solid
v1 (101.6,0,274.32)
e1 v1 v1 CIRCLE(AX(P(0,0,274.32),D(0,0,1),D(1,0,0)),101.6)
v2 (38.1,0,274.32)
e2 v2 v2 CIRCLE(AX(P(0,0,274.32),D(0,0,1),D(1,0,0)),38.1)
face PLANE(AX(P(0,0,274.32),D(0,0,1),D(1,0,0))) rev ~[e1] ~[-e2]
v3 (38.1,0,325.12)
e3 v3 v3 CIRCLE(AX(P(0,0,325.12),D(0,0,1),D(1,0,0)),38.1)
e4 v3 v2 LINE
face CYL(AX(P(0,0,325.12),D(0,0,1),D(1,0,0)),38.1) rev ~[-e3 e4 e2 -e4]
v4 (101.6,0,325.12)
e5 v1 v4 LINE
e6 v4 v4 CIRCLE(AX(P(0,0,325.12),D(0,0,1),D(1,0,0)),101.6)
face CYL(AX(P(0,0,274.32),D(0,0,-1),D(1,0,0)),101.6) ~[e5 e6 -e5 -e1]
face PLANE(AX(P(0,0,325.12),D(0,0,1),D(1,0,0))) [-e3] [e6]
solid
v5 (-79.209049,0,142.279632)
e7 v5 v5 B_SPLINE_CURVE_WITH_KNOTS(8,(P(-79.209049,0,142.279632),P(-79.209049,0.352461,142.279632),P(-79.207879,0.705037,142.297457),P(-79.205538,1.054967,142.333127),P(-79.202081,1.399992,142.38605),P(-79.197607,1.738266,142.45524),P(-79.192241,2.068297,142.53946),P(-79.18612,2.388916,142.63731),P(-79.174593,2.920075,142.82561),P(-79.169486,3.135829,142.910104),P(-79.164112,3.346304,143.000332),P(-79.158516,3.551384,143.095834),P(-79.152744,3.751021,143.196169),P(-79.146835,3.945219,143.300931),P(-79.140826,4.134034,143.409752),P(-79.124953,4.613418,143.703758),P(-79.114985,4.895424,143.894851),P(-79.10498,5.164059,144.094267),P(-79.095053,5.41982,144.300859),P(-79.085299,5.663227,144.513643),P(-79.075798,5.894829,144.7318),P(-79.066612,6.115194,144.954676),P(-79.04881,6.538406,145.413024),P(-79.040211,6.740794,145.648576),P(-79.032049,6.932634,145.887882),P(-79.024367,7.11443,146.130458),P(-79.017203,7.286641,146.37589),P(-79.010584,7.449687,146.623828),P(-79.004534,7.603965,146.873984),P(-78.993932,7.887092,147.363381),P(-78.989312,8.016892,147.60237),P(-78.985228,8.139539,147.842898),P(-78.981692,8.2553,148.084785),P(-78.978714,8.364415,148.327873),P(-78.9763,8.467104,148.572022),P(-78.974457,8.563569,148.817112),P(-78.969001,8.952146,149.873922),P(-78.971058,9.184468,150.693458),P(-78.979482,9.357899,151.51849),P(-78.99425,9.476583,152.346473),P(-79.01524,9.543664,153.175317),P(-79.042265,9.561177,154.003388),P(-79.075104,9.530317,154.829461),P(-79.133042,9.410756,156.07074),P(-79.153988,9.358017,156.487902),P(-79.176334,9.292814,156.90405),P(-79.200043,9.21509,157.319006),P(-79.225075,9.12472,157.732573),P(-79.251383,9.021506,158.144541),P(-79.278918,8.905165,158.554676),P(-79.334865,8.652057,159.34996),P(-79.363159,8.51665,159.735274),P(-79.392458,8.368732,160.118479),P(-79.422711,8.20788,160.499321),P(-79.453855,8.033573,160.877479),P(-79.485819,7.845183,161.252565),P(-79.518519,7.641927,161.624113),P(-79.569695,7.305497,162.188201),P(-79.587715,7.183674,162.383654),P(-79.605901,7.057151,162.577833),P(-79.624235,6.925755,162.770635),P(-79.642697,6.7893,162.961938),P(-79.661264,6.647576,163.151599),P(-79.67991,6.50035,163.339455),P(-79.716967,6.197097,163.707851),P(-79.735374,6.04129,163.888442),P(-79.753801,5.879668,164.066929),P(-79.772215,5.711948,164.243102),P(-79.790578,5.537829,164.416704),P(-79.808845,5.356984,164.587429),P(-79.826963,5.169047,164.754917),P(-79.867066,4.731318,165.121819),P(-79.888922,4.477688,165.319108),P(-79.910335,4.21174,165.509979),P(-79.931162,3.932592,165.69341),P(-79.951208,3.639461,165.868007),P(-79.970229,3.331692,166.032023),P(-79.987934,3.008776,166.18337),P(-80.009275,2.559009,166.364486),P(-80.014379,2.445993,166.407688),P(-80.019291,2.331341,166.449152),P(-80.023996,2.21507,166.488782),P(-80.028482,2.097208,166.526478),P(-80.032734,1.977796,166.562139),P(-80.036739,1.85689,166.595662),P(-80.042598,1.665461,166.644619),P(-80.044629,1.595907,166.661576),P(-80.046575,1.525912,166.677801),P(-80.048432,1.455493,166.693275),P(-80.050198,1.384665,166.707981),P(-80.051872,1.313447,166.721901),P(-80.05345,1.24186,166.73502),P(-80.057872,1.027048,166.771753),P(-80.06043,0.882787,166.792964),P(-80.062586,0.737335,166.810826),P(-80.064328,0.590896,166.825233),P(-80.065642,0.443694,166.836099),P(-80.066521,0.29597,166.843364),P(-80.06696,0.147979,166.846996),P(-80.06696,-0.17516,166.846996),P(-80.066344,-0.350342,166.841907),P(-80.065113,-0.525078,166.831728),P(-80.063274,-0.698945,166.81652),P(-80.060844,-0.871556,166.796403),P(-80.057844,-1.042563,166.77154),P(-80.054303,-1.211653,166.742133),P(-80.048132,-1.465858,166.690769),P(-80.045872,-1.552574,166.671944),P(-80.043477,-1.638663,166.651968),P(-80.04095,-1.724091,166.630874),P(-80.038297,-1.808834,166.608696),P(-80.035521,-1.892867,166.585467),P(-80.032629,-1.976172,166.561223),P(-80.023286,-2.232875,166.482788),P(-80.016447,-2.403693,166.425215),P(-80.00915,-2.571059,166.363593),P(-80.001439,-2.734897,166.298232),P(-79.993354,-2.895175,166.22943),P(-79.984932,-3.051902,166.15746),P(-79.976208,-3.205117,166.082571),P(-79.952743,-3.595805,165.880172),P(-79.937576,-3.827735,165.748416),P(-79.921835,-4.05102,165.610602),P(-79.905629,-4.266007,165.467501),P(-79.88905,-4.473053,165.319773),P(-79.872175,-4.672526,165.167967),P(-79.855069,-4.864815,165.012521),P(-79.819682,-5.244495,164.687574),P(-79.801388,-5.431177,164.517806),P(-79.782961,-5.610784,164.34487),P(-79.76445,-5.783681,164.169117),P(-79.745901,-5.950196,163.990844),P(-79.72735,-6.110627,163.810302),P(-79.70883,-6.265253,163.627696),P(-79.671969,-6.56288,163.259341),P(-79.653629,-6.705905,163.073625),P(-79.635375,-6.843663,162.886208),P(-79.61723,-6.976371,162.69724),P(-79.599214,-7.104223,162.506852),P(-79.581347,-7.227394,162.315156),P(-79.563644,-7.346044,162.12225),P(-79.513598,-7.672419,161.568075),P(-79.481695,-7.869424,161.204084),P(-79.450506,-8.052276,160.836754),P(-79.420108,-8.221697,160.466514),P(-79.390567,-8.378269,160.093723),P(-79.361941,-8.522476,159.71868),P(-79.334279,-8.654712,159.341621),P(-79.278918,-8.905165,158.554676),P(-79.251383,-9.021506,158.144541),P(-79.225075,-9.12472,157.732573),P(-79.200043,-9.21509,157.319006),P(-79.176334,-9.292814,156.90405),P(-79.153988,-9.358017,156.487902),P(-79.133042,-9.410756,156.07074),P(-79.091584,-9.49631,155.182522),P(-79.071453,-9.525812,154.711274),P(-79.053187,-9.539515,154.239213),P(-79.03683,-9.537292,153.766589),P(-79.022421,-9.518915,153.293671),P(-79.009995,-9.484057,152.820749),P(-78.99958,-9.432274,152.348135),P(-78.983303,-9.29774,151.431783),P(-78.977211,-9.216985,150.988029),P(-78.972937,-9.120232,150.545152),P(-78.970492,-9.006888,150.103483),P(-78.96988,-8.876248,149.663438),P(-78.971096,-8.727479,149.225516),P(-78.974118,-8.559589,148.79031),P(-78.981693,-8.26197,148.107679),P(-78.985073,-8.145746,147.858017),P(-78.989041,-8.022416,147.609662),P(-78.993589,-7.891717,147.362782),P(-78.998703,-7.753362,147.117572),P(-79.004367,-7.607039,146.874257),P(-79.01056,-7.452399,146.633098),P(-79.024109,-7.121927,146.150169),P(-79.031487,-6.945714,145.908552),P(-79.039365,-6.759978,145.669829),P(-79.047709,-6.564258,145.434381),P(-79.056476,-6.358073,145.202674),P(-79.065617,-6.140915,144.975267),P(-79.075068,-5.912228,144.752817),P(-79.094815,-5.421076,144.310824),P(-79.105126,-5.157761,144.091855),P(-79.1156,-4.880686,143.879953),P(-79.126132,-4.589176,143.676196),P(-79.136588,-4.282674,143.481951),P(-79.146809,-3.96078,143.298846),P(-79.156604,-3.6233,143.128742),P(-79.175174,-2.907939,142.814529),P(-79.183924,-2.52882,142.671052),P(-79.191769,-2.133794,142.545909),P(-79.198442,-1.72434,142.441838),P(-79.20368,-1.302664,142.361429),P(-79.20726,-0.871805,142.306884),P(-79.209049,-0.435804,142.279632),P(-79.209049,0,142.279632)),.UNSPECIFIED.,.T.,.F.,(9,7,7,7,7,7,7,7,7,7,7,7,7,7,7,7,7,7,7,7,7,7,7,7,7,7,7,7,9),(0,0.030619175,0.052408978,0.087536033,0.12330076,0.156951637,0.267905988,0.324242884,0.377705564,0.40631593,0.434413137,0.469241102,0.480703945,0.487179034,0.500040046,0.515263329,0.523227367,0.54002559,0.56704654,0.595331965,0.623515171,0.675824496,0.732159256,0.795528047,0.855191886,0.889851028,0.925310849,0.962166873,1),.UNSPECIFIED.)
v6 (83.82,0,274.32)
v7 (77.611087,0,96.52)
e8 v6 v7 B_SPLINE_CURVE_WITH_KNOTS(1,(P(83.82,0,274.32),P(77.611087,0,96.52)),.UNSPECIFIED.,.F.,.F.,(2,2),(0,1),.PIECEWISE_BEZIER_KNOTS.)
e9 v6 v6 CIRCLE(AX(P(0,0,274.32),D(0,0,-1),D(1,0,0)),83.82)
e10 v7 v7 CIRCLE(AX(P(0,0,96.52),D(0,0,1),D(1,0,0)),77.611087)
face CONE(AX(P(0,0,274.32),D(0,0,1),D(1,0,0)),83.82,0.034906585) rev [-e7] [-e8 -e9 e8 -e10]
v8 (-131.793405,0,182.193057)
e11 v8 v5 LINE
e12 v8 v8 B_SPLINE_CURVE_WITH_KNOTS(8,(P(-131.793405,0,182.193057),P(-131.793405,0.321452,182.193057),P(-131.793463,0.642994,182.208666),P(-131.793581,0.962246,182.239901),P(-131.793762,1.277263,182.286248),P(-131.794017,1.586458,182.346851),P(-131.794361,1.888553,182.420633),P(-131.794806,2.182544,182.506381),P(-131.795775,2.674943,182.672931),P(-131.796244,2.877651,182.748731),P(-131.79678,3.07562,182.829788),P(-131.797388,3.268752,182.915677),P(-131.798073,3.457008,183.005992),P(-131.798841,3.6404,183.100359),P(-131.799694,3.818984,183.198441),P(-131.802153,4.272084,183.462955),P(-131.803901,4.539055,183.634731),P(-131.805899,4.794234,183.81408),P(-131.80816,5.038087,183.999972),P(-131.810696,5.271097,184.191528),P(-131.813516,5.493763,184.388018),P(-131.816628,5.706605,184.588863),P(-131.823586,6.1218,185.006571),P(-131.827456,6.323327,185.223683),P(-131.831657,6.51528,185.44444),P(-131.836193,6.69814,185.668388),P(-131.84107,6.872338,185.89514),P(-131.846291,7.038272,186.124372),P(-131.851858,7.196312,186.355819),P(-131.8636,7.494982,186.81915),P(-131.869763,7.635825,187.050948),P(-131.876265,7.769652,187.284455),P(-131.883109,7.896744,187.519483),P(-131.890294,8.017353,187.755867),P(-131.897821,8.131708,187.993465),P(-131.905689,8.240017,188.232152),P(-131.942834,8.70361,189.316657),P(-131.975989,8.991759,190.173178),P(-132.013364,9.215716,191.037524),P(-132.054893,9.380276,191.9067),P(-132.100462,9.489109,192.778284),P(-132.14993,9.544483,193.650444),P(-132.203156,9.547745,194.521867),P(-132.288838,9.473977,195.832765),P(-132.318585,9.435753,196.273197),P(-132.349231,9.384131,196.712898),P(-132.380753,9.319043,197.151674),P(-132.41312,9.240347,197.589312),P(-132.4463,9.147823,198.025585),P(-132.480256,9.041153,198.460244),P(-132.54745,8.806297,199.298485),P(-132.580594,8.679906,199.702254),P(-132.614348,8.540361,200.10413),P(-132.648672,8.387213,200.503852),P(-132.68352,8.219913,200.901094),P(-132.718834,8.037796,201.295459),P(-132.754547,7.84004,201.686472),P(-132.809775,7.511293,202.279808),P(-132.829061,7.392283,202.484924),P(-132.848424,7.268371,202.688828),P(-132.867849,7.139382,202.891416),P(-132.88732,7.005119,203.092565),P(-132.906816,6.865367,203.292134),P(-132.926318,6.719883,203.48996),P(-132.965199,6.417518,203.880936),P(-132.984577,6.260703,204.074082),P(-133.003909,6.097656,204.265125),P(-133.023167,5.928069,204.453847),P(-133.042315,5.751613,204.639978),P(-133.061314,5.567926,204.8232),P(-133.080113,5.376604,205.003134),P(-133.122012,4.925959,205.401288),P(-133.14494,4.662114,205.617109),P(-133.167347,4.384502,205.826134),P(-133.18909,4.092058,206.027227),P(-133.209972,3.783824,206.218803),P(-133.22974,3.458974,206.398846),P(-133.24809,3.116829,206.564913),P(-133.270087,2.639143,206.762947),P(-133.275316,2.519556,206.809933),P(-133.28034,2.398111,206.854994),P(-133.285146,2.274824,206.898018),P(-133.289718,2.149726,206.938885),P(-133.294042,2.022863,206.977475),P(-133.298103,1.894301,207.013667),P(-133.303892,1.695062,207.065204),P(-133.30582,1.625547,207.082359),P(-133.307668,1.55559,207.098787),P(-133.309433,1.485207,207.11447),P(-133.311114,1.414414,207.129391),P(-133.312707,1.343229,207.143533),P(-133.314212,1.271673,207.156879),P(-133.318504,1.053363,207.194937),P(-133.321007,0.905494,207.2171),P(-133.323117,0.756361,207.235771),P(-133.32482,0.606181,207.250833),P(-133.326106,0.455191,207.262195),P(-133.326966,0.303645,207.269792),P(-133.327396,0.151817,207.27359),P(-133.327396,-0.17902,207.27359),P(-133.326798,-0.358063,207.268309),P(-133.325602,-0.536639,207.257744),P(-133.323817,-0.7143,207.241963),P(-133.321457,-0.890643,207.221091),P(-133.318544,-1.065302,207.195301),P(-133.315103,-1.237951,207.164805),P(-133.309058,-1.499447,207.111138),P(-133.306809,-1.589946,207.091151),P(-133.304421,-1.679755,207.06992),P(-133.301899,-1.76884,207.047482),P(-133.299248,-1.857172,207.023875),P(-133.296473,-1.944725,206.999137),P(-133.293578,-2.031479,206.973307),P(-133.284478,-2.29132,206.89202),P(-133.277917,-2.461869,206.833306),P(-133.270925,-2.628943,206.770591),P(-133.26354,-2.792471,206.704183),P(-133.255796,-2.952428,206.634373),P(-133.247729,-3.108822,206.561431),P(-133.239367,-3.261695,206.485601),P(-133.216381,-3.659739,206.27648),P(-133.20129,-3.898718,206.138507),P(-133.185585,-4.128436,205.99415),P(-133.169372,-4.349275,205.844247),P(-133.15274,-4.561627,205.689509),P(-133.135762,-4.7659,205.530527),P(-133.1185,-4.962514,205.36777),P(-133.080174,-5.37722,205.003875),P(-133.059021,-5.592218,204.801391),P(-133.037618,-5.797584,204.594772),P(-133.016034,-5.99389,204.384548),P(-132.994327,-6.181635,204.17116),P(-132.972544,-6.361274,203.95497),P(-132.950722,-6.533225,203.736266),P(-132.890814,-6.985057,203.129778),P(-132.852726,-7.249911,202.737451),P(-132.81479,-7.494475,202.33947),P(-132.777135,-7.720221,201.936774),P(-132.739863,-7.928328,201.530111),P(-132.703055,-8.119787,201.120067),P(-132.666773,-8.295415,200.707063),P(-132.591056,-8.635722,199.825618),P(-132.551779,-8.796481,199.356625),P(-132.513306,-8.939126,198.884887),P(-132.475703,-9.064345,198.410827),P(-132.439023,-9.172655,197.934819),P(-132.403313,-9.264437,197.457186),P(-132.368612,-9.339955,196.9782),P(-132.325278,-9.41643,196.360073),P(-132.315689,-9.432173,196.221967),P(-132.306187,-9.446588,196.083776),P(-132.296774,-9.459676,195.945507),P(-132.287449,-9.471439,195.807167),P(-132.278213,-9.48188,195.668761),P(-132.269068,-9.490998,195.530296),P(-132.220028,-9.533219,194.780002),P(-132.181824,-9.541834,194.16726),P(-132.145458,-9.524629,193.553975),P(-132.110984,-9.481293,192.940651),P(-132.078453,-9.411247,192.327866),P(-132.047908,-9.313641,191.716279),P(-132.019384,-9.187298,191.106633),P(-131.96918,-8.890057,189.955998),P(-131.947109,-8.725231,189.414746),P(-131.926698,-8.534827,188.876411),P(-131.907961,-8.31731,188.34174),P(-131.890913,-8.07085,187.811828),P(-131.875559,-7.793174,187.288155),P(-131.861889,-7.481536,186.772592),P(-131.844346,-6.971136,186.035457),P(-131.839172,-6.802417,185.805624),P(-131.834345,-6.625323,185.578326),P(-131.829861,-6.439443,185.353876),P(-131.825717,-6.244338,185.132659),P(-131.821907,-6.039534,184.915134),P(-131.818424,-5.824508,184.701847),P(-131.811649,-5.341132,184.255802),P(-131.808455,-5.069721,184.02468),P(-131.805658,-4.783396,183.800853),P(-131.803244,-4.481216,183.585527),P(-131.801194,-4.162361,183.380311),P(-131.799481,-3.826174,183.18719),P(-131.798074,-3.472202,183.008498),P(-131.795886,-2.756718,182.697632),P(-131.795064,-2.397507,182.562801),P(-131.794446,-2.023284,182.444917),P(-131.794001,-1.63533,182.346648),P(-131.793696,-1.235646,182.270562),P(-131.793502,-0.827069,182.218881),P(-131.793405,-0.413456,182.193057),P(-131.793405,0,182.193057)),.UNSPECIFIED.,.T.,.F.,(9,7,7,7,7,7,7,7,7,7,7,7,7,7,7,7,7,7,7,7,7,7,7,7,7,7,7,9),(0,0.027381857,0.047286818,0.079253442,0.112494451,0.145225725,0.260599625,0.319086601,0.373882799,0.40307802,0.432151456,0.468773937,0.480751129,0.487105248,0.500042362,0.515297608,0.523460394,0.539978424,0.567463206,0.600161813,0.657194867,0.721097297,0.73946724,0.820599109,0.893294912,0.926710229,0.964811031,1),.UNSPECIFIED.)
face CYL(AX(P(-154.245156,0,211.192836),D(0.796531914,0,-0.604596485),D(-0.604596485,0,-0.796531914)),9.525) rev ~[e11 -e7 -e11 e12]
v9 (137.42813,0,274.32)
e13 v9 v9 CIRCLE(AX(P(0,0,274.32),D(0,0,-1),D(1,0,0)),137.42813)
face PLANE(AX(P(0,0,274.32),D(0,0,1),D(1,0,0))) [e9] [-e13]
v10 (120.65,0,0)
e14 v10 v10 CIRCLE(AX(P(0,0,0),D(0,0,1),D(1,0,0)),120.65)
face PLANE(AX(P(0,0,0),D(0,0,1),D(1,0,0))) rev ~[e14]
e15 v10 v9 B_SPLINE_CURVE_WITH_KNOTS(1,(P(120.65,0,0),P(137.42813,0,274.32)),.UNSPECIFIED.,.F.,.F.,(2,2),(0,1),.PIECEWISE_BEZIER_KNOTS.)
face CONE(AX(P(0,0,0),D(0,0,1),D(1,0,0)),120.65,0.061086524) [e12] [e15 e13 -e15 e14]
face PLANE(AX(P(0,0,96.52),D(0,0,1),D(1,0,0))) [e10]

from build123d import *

# Parameters (mm, degrees)
F0_R      = 120.65
F1_DEPTH  = 274.32
F1_TAPER  = -3.5
F3_R      = 83.82
F4_DEPTH  = 177.8
F4_TAPER  = 2
F7_R      = 101.6
F8_DEPTH  = 50.8
F9_R      = 38.1
F10_DEPTH = 50.8


with BuildPart() as f1:
    # F0 (on Top) → F1 (new body)
    with BuildSketch(Plane.XY):
        Circle(F0_R)
    extrude(amount=F1_DEPTH, taper=F1_TAPER)

    # F3 (on face) → F4 (cut)
    with BuildSketch(Plane.XY.offset(274.32)):
        Circle(F3_R)
    extrude(amount=-F4_DEPTH, taper=F4_TAPER, mode=Mode.SUBTRACT)

    # F5 (on Front) → F6 (revolve, cut)
    with BuildSketch(Plane.XZ):
        Polygon((-154.2451560917, 211.1928361759), (-160.0039376117, 203.6058696936), (-38.612473894, 111.4653653729), (-32.8536923739, 119.0523318553), align=None)
    revolve(axis=Axis((-93.5494242328, 0, 165.1225840156), (0.7965319142, 0, -0.604596485)), mode=Mode.SUBTRACT)


with BuildPart() as f8:
    # F7 (on face) → F8 (new body)
    with BuildSketch(Plane.XY.offset(274.32)):
        Circle(F7_R)
    extrude(amount=F8_DEPTH)

    # F9 (on face) → F10 (cut)
    with BuildSketch(Plane.XY.offset(325.12)):
        Circle(F9_R)
    extrude(amount=-F10_DEPTH, mode=Mode.SUBTRACT)


solid = Compound([f1.part, f8.part])
